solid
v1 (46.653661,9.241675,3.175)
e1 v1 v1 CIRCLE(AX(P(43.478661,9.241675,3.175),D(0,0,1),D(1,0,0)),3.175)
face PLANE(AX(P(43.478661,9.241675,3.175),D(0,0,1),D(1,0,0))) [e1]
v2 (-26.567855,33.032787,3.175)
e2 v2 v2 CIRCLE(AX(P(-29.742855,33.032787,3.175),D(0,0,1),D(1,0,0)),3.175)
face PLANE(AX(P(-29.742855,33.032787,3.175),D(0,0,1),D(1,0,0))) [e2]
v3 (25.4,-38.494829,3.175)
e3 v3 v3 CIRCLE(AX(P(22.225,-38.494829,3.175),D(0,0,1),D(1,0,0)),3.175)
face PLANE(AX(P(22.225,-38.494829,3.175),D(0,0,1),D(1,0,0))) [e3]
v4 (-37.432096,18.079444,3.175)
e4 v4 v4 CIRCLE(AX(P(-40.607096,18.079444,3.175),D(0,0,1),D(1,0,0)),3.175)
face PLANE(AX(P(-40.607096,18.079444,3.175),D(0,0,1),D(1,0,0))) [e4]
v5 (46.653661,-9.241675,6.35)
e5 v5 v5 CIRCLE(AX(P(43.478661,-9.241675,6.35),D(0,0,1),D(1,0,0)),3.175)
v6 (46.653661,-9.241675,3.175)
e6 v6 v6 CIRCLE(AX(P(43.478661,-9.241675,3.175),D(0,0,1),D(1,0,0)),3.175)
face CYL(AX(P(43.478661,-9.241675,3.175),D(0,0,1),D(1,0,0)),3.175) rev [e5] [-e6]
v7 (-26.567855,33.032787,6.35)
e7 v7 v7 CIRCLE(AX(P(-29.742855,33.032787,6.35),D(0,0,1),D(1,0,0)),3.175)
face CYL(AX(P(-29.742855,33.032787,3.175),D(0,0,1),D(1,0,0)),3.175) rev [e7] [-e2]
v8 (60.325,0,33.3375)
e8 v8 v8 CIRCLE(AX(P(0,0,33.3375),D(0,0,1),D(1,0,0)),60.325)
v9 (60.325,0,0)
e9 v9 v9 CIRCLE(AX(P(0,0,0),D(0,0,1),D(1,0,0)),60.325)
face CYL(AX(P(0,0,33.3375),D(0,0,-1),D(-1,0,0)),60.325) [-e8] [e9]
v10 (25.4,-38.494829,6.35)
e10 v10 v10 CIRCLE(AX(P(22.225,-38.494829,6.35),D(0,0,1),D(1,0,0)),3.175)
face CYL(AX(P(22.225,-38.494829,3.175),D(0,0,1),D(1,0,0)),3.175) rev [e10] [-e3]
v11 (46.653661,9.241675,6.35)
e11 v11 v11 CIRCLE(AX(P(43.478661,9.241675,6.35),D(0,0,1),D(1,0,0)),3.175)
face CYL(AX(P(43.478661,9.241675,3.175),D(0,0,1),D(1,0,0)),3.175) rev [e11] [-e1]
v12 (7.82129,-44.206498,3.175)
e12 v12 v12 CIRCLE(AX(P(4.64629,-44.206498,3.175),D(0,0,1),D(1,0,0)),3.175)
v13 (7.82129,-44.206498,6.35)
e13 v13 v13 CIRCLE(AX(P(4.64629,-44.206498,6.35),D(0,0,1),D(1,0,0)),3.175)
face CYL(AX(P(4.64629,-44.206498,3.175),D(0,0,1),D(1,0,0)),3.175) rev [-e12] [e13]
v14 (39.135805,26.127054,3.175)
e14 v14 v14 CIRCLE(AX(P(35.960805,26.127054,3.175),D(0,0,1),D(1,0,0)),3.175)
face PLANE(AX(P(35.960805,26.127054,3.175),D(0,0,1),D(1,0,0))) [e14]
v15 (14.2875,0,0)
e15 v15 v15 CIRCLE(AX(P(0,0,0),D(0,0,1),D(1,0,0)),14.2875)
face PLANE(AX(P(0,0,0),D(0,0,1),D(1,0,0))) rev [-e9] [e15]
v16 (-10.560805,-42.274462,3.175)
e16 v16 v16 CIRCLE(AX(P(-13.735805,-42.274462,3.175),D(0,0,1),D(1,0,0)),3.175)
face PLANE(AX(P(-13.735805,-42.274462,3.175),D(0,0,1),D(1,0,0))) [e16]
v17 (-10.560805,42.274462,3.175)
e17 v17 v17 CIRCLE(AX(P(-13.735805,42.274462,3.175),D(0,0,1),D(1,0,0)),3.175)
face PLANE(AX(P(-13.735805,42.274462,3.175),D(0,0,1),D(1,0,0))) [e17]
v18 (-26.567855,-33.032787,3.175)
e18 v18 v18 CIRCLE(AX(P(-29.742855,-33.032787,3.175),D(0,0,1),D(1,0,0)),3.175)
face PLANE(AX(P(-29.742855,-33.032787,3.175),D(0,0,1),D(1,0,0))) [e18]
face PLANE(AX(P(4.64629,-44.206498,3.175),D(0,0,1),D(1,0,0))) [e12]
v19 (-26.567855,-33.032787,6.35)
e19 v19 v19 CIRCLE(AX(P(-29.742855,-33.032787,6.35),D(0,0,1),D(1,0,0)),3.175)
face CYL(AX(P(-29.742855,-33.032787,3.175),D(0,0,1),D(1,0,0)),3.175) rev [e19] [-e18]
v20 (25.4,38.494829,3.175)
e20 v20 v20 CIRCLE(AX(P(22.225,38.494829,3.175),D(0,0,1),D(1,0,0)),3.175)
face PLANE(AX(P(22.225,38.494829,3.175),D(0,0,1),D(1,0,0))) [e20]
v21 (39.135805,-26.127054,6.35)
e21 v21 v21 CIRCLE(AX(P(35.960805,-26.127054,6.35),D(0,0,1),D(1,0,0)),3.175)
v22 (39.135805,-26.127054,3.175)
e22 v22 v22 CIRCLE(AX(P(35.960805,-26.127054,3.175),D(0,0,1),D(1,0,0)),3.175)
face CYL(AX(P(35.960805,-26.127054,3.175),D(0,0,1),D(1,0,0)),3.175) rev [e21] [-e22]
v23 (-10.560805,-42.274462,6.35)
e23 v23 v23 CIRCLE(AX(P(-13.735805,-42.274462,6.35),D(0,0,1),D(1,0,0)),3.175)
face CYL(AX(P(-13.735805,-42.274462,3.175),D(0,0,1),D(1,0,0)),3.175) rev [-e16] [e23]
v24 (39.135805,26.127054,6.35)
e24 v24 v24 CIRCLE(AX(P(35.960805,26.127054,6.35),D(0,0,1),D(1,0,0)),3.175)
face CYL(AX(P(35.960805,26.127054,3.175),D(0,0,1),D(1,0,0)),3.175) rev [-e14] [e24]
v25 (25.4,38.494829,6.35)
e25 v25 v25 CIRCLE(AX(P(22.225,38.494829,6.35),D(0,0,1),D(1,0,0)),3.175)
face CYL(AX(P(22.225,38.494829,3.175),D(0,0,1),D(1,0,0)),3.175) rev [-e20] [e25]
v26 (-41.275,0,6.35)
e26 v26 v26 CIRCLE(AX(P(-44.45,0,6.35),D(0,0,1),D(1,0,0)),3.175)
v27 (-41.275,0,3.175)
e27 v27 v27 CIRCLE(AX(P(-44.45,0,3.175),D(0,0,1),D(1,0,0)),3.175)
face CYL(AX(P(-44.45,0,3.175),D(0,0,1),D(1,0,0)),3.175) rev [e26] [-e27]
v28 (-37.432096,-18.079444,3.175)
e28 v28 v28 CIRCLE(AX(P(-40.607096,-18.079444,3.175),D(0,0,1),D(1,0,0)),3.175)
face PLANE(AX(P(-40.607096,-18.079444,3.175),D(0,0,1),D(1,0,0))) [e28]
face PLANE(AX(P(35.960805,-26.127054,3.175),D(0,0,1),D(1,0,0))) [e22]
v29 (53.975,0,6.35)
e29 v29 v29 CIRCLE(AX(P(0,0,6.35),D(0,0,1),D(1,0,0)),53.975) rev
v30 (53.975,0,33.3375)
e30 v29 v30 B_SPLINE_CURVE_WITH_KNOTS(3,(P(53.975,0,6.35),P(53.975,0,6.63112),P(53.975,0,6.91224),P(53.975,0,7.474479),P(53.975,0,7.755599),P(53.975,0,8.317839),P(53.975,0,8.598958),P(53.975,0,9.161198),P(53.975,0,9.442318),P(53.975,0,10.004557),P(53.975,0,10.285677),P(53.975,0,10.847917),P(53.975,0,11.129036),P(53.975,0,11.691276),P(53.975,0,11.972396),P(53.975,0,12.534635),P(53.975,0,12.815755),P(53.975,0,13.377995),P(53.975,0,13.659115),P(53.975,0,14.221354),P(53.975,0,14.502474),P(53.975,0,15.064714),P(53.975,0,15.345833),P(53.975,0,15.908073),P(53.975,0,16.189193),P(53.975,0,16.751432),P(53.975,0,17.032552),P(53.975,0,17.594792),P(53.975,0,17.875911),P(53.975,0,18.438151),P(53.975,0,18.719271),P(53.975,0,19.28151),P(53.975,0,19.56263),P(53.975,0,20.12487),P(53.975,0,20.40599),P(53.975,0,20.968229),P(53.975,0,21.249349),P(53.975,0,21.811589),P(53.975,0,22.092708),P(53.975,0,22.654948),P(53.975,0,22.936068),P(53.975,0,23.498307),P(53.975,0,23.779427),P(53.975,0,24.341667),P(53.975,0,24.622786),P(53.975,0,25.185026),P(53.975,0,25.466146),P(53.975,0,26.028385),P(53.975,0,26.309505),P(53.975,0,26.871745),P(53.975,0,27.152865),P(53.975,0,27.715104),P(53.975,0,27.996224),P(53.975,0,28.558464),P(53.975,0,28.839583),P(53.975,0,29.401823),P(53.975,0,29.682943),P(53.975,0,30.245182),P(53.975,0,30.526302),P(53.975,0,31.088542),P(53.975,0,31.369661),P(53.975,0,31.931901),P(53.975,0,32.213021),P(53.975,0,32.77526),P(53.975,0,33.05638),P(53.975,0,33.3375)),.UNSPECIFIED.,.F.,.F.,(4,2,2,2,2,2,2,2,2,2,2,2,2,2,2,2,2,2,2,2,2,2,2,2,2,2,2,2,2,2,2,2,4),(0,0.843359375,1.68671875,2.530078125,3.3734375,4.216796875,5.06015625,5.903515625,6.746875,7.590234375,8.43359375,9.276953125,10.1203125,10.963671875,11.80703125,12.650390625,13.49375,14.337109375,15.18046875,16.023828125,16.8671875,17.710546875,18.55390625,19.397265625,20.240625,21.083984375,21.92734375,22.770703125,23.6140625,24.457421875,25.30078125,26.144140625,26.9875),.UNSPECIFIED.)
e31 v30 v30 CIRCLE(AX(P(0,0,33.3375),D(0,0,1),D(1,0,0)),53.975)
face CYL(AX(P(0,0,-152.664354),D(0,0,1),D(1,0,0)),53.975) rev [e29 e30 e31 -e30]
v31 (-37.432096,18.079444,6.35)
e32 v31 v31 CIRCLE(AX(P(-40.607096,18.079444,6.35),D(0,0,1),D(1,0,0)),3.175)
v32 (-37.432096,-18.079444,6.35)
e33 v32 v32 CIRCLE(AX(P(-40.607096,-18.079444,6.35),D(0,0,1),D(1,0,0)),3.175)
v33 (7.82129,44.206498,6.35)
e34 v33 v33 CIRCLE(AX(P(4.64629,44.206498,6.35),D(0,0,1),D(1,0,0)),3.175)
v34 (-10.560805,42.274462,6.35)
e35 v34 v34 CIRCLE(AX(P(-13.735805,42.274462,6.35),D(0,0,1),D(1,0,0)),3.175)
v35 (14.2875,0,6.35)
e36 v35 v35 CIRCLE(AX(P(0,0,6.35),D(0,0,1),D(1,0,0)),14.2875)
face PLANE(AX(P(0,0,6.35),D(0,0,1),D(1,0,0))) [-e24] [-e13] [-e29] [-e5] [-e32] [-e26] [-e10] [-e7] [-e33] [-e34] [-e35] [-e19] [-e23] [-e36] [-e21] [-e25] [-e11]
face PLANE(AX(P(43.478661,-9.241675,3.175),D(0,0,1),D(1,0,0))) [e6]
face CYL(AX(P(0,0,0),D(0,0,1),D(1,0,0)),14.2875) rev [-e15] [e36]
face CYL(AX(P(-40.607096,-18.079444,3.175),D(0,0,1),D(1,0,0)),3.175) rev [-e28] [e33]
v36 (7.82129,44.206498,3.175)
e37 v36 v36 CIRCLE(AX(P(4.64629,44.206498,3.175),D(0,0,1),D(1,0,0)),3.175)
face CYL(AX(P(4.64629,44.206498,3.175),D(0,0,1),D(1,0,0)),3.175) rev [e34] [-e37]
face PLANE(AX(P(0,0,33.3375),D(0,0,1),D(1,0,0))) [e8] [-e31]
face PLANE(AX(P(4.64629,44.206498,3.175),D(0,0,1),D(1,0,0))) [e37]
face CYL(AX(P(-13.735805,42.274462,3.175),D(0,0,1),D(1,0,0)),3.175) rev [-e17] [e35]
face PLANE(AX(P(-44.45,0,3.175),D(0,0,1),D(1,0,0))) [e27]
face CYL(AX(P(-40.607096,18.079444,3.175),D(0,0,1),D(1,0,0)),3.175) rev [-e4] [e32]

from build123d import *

# Parameters (mm, degrees)
SKETCH1_R           = 60.325
BOSS_EXTRUDE1_DEPTH = 33.3375
SKETCH2_R           = 53.975
CUT_EXTRUDE1_DEPTH  = 26.9875
SKETCH3_R           = 3.175
CUT_EXTRUDE2_DEPTH  = 3.175
SKETCH4_R           = 14.2875
CUT_EXTRUDE3_DEPTH  = 90.479251261


with BuildPart() as part:
    # Sketch1 → Boss-Extrude1 (new body)
    with BuildSketch(Plane.XY):
        Circle(SKETCH1_R)
    extrude(amount=BOSS_EXTRUDE1_DEPTH)

    # Sketch2 → Cut-Extrude1 (cut)
    with BuildSketch(Plane.XY.offset(33.3375)):
        Circle(SKETCH2_R)
    extrude(amount=-CUT_EXTRUDE1_DEPTH, mode=Mode.SUBTRACT)

    # Sketch3 → Cut-Extrude2 (cut)
    with BuildSketch(Plane.XY.offset(6.35)):
        with Locations((-44.45, 0)):
            Circle(SKETCH3_R)
        with Locations((-40.607095592, 18.079443785)):
            Circle(SKETCH3_R)
        with Locations((-29.742855453, 33.032787492)):
            Circle(SKETCH3_R)
        with Locations((-13.7358054, 42.274462149)):
            Circle(SKETCH3_R)
        with Locations((4.646290192, 44.206498249)):
            Circle(SKETCH3_R)
        with Locations((22.225, 38.494829198)):
            Circle(SKETCH3_R)
        with Locations((35.9608054, 26.127054464)):
            Circle(SKETCH3_R)
        with Locations((43.478660853, 9.241674657)):
            Circle(SKETCH3_R)
        with Locations((43.478660853, -9.241674657)):
            Circle(SKETCH3_R)
        with Locations((35.9608054, -26.127054464)):
            Circle(SKETCH3_R)
        with Locations((22.225, -38.494829198)):
            Circle(SKETCH3_R)
        with Locations((4.646290192, -44.206498249)):
            Circle(SKETCH3_R)
        with Locations((-13.7358054, -42.274462149)):
            Circle(SKETCH3_R)
        with Locations((-29.742855453, -33.032787492)):
            Circle(SKETCH3_R)
        with Locations((-40.607095592, -18.079443785)):
            Circle(SKETCH3_R)
    extrude(amount=-CUT_EXTRUDE2_DEPTH, mode=Mode.SUBTRACT)

    # Sketch4 → Cut-Extrude3 (cut, through all)
    with BuildSketch(Plane.XY.offset(6.35)):
        Circle(SKETCH4_R)
    extrude(amount=-CUT_EXTRUDE3_DEPTH, mode=Mode.SUBTRACT)


solid = part.part
